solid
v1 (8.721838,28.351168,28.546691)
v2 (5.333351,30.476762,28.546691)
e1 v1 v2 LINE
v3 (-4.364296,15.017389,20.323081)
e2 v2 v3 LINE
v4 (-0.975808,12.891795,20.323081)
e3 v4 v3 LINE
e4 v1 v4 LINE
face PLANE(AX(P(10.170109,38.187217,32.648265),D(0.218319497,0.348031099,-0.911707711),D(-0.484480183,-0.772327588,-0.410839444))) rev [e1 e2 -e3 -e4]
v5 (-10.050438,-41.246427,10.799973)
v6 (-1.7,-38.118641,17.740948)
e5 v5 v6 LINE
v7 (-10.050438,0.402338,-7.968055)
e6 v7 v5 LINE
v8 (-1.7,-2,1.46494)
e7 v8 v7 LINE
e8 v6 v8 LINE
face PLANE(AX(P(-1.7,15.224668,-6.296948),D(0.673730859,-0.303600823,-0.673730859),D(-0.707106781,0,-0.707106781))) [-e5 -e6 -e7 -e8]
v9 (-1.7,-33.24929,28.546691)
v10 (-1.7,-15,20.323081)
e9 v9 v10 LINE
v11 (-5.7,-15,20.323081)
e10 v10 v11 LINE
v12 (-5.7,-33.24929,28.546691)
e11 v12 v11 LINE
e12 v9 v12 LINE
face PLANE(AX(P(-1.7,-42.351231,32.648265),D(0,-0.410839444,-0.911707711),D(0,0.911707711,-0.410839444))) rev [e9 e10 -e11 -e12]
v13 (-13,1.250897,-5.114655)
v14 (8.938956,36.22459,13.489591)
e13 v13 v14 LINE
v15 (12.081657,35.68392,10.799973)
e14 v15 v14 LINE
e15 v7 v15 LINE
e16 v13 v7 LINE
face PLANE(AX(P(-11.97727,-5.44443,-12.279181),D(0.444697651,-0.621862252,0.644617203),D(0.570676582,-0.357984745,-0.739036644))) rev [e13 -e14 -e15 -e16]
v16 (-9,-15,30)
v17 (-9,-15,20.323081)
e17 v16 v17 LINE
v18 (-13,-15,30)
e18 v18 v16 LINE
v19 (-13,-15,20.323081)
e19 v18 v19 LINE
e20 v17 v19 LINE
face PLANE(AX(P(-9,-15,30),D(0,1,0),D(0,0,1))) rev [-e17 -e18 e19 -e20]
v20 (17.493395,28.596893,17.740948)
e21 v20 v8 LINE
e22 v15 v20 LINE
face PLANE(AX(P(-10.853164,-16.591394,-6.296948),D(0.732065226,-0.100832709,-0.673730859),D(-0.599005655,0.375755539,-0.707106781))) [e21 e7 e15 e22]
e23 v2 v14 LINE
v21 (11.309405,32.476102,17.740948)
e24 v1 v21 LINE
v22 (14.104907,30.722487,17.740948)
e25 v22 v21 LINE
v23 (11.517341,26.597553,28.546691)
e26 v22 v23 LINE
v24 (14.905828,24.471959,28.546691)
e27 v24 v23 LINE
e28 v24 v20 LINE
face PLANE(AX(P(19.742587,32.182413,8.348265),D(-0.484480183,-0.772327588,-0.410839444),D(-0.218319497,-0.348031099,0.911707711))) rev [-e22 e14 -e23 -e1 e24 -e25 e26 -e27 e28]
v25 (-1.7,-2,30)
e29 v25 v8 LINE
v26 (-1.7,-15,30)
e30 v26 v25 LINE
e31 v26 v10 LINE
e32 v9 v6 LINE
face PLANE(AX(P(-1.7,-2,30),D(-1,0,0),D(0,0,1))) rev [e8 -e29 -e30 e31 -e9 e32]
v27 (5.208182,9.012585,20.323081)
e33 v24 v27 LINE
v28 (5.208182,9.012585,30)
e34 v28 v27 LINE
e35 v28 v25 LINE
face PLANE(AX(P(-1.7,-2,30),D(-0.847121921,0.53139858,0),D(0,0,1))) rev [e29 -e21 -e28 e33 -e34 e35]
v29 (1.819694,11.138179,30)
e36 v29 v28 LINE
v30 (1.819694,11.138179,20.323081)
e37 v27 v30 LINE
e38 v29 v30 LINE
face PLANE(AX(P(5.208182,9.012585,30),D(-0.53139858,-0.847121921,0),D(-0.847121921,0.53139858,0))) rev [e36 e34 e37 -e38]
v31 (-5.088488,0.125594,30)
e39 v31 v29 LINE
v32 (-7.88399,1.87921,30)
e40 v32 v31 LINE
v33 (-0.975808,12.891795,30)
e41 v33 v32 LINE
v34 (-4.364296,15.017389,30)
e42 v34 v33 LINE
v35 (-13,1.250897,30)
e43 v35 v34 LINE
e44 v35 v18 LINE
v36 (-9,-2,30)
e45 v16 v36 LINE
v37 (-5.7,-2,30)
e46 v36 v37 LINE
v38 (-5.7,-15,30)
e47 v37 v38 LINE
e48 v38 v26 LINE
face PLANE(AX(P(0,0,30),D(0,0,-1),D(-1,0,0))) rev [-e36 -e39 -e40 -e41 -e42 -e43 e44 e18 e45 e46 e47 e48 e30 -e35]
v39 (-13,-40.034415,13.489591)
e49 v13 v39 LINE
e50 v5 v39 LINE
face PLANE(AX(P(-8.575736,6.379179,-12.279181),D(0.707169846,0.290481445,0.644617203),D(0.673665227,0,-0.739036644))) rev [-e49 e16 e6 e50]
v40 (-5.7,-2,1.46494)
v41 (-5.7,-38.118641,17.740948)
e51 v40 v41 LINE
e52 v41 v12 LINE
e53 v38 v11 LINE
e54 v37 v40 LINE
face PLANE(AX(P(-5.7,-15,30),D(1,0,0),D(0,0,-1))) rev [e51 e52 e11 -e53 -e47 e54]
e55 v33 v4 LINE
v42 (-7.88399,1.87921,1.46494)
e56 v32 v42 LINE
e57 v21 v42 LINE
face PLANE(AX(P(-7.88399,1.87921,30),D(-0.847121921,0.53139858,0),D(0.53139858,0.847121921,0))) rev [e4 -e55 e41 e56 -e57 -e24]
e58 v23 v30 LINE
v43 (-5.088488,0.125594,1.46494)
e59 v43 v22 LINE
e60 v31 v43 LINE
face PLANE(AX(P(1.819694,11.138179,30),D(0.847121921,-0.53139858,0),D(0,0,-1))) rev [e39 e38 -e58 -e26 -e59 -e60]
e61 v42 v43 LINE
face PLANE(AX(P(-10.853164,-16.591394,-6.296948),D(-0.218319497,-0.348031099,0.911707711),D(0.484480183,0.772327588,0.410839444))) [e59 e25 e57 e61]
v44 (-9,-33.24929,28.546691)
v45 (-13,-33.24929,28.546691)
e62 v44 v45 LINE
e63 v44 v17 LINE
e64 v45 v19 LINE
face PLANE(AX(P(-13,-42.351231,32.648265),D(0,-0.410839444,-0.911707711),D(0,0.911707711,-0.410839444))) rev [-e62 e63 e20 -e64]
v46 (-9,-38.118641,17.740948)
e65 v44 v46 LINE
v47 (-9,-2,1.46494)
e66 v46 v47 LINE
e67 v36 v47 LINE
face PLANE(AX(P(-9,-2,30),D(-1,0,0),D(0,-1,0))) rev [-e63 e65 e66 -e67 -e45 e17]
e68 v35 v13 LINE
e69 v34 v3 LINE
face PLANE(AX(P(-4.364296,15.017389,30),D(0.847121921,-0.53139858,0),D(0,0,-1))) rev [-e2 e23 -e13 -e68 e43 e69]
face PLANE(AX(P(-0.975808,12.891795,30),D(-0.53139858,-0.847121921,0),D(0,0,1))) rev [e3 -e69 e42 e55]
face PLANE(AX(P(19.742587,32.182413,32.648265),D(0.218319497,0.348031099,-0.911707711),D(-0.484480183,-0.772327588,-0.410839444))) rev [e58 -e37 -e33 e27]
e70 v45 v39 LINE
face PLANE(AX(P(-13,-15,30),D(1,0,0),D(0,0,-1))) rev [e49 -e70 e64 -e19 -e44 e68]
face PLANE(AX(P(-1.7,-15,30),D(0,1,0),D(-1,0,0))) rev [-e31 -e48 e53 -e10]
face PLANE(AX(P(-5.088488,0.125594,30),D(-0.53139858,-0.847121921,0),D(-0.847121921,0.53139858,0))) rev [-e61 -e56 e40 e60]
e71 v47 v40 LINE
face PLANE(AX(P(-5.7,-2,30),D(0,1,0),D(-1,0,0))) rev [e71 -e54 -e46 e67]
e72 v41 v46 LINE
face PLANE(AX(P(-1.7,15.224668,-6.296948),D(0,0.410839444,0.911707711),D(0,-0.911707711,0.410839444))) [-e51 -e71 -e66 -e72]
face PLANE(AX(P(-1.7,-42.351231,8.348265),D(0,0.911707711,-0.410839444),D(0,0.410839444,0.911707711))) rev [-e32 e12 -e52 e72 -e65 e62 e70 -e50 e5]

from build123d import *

# Parameters (mm, degrees)
BOSS_EXTRUDE3_DEPTH = 30
CUT_EXTRUDE1_DEPTH  = 36.393360959
SKETCH12_W          = 4
SKETCH12_H          = 13
BOSS_EXTRUDE4_DEPTH = 30
BOSS_EXTRUDE9_REACH = 63.617
CUT_EXTRUDE3_DEPTH  = 55.655521025
CUT_EXTRUDE4_REACH  = 52.517


with BuildPart() as part:
    # Sketch7 → Boss-Extrude3 (new body)
    with BuildSketch(Plane.XY):
        Polygon((-1.7, -2), (-1.7, -15), (-5.7, -15), (-5.7, -2), (-9, -2), (-9, -15), (-13, -15), (-13, 1.250897452), align=None)
    extrude(amount=BOSS_EXTRUDE3_DEPTH)

    # Sketch11 → Cut-Extrude1 (cut, through all)
    with BuildSketch(Plane.ZY.offset(13)):
        Polygon((0, 1.250897452), (7.323081285, -15), (0, -15), align=None)
    extrude(amount=-CUT_EXTRUDE1_DEPTH, mode=Mode.SUBTRACT)

    # Sketch12 → Boss-Extrude4 (add, along a direction that is not the sketch's normal)
    with BuildSketch(Plane(origin=(0, -15, 0), x_dir=(-1, 0, 0), z_dir=(0, -1, 0))):
        with Locations((11, -13.823081285)):
            Rectangle(SKETCH12_W, SKETCH12_H)
        with Locations((3.7, -13.823081285)):
            Rectangle(SKETCH12_W, SKETCH12_H)
    extrude(amount=BOSS_EXTRUDE4_DEPTH, dir=(0, -0.9117077113862475, 0.4108394443074459))

    # Boss-Extrude9: up to this plane
    boss_extrude9_end = Plane(origin=(-1.7, -2, 30), z_dir=(-0.27647610983397475, -0.9610207909775272, 0))
    # Sketch18 → Boss-Extrude9 (add, up to the surface)
    with BuildSketch(Plane(origin=(0, -42.351231342, 0), x_dir=(-1, 0, 0), z_dir=(0, -1, 0)), mode=Mode.PRIVATE) as boss_extrude9_sk1:
        Polygon((1.7, -19.648264614), (13, -19.648264614), (13, -8.348264614), align=None)
    boss_extrude9_tool1 = split(extrude(boss_extrude9_sk1.sketch, amount=BOSS_EXTRUDE9_REACH, dir=(0, 0.911707711386, -0.410839444307), mode=Mode.PRIVATE), bisect_by=boss_extrude9_end, keep=Keep.BOTH, mode=Mode.PRIVATE)
    add(boss_extrude9_tool1.solids().sort_by_distance((-9.233333, -42.351231, 15.881598))[0])

    # Sketch19 → Cut-Extrude3 (cut, through all)
    with BuildSketch(Plane.ZY.offset(13)):
        Polygon((8.348264614, -42.351231342), (28.546690724, -33.249289946), (32.648264614, -42.351231342), align=None)
    extrude(amount=-CUT_EXTRUDE3_DEPTH, mode=Mode.SUBTRACT)

    # Cut-Extrude4: up to this plane
    cut_extrude4_end = Plane(origin=(-1.7, -2, 30), z_dir=(-0.27647610983397475, -0.9610207909775272, 0))
    # Sketch20 → Cut-Extrude4 (cut, up to the surface)
    with BuildSketch(Plane(origin=(0, -38.329779101, 17.272405344), x_dir=(-1, 0, 0), z_dir=(0, -0.9117077113862475, 0.4108394443074459)), mode=Mode.PRIVATE) as cut_extrude4_sk1:
        Polygon((13, 9.788379124), (10.050437985, 7.09924069), (13, 4.149152479), align=None)
    cut_extrude4_tool1 = split(extrude(cut_extrude4_sk1.sketch, amount=-CUT_EXTRUDE4_REACH, mode=Mode.PRIVATE), bisect_by=cut_extrude4_end, keep=Keep.BOTH, mode=Mode.PRIVATE)
    add(cut_extrude4_tool1.solids().sort_by_distance((-12.016813, -41.210691, 10.879276))[0], mode=Mode.SUBTRACT)

    # Mirror3: part across plane


with BuildPart() as part_1:
    add(part.part)
    add(part.part.mirror(Plane(origin=(-1.7, -2, 30), x_dir=(0, 0, 1), z_dir=(-0.27647610983397475, -0.9610207909775272, 0))))


solid = part_1.part
